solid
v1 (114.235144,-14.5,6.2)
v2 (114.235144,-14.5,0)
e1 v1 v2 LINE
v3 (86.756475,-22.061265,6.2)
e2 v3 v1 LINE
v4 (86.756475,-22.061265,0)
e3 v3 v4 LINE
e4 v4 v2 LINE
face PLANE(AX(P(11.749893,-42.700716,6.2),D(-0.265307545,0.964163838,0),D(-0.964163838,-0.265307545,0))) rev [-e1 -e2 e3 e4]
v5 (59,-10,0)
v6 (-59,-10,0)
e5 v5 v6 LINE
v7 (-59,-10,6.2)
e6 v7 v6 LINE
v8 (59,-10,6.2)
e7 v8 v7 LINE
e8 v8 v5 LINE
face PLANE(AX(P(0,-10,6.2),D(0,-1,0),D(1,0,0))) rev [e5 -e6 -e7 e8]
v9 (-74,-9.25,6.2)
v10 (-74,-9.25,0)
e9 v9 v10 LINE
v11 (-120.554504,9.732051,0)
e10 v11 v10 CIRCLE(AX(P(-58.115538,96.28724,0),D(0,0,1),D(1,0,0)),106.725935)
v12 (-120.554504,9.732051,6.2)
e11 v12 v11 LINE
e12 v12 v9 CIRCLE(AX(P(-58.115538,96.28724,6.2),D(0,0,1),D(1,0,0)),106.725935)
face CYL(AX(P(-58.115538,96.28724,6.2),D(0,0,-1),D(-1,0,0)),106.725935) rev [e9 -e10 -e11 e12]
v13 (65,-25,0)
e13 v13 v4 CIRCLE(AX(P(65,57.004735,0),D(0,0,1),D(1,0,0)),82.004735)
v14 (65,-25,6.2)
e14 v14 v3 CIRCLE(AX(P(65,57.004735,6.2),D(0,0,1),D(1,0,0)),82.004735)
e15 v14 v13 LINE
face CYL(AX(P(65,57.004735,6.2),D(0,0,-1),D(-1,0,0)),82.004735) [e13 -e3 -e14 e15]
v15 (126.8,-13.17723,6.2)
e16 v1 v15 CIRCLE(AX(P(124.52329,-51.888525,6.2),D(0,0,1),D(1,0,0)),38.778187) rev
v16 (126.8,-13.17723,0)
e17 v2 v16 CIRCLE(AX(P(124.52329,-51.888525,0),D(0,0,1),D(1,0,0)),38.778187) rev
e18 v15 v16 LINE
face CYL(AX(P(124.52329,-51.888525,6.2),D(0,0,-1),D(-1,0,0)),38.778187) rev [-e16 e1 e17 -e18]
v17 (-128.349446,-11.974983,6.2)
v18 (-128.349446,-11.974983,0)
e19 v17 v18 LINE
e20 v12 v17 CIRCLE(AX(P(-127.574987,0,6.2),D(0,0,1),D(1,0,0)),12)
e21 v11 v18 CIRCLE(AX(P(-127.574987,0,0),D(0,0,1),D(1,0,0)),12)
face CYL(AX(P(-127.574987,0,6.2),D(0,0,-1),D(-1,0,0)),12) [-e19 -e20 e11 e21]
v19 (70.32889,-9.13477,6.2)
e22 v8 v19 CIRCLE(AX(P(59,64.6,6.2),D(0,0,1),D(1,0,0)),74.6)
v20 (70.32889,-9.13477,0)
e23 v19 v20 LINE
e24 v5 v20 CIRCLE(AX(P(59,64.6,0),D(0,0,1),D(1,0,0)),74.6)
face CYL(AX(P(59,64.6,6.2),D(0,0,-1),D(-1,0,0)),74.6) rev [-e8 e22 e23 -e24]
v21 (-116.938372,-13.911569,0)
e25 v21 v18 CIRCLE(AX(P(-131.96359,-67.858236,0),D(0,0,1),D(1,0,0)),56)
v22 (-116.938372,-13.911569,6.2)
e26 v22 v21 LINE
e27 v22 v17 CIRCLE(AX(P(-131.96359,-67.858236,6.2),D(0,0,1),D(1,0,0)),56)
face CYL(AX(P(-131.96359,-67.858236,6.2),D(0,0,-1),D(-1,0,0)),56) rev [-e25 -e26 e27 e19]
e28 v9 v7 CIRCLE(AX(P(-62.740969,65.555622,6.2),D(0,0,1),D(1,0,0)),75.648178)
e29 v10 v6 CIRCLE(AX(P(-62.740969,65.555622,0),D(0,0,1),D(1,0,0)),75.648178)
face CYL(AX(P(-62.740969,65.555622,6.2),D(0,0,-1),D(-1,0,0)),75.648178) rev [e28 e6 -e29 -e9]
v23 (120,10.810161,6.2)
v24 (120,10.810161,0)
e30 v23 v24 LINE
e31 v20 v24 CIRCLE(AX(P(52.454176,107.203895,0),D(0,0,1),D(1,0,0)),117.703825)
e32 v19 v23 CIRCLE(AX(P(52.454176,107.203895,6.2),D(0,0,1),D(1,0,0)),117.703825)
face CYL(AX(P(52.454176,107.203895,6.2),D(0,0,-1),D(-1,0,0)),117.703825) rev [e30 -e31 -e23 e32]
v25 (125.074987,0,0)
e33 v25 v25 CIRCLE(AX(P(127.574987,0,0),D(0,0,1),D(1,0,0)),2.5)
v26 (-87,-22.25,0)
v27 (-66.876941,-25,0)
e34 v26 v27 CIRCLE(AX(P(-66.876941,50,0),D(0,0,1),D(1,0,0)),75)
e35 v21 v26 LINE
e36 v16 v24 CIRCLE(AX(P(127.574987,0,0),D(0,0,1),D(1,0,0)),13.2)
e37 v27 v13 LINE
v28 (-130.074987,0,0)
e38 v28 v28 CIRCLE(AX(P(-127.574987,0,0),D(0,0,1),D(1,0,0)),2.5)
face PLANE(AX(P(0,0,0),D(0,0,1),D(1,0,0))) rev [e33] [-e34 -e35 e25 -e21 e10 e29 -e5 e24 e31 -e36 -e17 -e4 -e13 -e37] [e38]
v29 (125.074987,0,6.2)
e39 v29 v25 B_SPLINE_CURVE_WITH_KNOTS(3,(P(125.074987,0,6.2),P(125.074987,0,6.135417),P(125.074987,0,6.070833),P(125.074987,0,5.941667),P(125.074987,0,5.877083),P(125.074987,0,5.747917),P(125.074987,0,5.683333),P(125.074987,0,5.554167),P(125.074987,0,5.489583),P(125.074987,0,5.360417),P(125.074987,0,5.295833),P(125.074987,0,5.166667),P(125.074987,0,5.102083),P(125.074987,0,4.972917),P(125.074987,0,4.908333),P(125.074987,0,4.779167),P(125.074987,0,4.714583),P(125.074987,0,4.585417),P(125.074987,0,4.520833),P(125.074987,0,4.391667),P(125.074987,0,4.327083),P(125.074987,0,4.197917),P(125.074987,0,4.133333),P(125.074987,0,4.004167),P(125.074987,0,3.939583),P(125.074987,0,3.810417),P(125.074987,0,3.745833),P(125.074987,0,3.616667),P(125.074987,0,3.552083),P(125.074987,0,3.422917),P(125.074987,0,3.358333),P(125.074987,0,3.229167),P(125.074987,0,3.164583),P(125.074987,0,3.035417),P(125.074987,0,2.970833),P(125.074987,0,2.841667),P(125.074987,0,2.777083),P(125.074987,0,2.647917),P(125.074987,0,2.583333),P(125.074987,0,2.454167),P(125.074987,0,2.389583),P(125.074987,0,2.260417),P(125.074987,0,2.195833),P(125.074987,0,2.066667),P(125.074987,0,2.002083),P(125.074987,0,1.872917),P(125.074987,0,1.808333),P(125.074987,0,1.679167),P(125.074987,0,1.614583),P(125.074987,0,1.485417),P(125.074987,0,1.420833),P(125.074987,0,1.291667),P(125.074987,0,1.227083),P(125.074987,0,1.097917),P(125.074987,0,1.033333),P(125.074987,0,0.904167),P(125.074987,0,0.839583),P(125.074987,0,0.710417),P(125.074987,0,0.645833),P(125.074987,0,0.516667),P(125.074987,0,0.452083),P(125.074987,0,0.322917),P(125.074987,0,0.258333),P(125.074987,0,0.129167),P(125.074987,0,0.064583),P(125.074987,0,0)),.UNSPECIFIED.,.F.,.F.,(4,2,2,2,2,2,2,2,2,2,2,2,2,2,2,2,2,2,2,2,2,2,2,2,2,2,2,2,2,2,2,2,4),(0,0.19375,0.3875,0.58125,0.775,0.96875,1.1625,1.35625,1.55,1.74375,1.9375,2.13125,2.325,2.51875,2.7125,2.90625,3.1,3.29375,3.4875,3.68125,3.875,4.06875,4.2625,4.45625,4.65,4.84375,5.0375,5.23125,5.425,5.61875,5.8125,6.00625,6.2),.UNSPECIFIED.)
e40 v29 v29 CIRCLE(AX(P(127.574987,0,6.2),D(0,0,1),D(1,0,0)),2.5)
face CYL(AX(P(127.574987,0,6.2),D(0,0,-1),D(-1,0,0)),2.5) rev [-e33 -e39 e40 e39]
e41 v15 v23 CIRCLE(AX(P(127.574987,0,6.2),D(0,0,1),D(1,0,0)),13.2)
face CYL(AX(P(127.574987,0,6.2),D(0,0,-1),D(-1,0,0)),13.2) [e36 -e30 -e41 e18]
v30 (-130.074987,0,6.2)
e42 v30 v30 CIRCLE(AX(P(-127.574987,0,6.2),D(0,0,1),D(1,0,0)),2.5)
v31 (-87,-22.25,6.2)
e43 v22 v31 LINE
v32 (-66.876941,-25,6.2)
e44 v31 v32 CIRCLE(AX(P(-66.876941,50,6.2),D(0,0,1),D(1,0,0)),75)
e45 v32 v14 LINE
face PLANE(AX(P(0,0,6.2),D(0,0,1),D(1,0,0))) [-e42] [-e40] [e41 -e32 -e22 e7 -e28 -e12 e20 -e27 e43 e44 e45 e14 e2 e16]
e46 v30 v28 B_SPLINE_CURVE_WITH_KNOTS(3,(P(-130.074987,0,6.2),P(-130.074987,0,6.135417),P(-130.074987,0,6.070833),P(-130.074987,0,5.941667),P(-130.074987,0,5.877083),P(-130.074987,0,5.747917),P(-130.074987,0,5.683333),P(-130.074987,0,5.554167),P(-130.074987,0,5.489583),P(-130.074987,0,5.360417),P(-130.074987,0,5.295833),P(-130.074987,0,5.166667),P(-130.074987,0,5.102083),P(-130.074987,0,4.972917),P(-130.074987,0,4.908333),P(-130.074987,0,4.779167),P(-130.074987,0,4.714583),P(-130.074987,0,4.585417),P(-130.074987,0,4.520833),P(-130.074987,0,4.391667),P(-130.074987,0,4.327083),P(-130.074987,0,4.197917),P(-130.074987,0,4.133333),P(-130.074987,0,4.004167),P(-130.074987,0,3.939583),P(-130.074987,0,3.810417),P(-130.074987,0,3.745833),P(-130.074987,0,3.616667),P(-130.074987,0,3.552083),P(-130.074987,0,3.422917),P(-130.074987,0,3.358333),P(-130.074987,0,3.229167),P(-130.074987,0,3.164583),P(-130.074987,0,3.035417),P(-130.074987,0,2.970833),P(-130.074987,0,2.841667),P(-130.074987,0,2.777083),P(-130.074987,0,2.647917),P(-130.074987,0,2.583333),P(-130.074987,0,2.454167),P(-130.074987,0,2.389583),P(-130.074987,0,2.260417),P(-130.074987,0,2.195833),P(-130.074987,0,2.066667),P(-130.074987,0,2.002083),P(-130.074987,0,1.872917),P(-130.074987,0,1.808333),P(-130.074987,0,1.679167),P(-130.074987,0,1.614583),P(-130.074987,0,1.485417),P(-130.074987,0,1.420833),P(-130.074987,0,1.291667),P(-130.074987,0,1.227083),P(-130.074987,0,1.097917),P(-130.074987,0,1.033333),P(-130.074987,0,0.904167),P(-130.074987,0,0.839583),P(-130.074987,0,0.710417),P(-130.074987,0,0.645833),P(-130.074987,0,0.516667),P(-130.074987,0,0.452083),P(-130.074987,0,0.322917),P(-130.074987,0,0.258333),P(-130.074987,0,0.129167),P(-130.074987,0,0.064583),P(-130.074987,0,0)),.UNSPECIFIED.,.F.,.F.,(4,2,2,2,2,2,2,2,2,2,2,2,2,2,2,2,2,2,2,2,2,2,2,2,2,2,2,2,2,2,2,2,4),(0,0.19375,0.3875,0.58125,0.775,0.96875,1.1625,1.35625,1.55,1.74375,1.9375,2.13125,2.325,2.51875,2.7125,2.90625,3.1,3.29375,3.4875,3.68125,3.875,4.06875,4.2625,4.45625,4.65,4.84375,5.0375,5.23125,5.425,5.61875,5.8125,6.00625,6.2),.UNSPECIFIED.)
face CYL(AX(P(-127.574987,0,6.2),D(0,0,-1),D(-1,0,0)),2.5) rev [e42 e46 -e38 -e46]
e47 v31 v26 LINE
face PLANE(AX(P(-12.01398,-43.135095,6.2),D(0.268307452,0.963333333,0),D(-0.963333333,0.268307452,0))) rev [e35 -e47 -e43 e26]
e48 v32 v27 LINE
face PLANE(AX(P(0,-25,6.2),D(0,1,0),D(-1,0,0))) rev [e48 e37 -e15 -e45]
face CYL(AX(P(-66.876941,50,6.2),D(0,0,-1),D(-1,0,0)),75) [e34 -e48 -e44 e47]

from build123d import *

# Parameters (mm, degrees)
SKETCH1_R           = 2.5
BOSS_EXTRUDE1_DEPTH = 6.2


with BuildPart() as part:
    # Sketch1 → Boss-Extrude1 (new body)
    with BuildSketch(Plane.XY):
        with BuildLine():
            Line((-116.938372425, -13.911569107), (-87, -22.25))
            ThreePointArc((-87, -22.25), (-77.031989093, -24.309319739), (-66.876941087, -25))
            Line((-66.876941087, -25), (65, -25))
            ThreePointArc((65, -25), (75.977025607, -24.261995409), (86.756474933, -22.061265033))
            Line((86.756474933, -22.061265033), (114.235144317, -14.5))
            ThreePointArc((114.235144317, -14.5), (120.463338609, -13.323456153), (126.8, -13.177230394))
            ThreePointArc((126.8, -13.177230394), (140.274563377, 3.600104754), (120, 10.810161116))
            ThreePointArc((120, 10.810161116), (96.313236011, -2.023267975), (70.328890052, -9.134769615))
            ThreePointArc((70.328890052, -9.134769615), (64.680941239, -9.783377892), (59, -10))
            Line((59, -10), (-59, -10))
            ThreePointArc((-59, -10), (-66.518658645, -9.998172905), (-74, -9.25))
            ThreePointArc((-74, -9.25), (-98.410939741, -2.539404949), (-120.554503776, 9.732051233))
            ThreePointArc((-120.554503776, 9.732051233), (-138.868880222, 4.055609252), (-128.349445963, -11.974982784))
            ThreePointArc((-128.349445963, -11.974982784), (-122.593742509, -12.647675527), (-116.938372425, -13.911569107))
        make_face()
        with Locations(Location((127.574986581, 0, 0), (0, 0, 180))):
            Circle(SKETCH1_R, mode=Mode.SUBTRACT)
        with Locations(Location((-127.574986581, 0, 0), (0, 0, 180))):
            Circle(SKETCH1_R, mode=Mode.SUBTRACT)
    extrude(amount=BOSS_EXTRUDE1_DEPTH)


solid = part.part
